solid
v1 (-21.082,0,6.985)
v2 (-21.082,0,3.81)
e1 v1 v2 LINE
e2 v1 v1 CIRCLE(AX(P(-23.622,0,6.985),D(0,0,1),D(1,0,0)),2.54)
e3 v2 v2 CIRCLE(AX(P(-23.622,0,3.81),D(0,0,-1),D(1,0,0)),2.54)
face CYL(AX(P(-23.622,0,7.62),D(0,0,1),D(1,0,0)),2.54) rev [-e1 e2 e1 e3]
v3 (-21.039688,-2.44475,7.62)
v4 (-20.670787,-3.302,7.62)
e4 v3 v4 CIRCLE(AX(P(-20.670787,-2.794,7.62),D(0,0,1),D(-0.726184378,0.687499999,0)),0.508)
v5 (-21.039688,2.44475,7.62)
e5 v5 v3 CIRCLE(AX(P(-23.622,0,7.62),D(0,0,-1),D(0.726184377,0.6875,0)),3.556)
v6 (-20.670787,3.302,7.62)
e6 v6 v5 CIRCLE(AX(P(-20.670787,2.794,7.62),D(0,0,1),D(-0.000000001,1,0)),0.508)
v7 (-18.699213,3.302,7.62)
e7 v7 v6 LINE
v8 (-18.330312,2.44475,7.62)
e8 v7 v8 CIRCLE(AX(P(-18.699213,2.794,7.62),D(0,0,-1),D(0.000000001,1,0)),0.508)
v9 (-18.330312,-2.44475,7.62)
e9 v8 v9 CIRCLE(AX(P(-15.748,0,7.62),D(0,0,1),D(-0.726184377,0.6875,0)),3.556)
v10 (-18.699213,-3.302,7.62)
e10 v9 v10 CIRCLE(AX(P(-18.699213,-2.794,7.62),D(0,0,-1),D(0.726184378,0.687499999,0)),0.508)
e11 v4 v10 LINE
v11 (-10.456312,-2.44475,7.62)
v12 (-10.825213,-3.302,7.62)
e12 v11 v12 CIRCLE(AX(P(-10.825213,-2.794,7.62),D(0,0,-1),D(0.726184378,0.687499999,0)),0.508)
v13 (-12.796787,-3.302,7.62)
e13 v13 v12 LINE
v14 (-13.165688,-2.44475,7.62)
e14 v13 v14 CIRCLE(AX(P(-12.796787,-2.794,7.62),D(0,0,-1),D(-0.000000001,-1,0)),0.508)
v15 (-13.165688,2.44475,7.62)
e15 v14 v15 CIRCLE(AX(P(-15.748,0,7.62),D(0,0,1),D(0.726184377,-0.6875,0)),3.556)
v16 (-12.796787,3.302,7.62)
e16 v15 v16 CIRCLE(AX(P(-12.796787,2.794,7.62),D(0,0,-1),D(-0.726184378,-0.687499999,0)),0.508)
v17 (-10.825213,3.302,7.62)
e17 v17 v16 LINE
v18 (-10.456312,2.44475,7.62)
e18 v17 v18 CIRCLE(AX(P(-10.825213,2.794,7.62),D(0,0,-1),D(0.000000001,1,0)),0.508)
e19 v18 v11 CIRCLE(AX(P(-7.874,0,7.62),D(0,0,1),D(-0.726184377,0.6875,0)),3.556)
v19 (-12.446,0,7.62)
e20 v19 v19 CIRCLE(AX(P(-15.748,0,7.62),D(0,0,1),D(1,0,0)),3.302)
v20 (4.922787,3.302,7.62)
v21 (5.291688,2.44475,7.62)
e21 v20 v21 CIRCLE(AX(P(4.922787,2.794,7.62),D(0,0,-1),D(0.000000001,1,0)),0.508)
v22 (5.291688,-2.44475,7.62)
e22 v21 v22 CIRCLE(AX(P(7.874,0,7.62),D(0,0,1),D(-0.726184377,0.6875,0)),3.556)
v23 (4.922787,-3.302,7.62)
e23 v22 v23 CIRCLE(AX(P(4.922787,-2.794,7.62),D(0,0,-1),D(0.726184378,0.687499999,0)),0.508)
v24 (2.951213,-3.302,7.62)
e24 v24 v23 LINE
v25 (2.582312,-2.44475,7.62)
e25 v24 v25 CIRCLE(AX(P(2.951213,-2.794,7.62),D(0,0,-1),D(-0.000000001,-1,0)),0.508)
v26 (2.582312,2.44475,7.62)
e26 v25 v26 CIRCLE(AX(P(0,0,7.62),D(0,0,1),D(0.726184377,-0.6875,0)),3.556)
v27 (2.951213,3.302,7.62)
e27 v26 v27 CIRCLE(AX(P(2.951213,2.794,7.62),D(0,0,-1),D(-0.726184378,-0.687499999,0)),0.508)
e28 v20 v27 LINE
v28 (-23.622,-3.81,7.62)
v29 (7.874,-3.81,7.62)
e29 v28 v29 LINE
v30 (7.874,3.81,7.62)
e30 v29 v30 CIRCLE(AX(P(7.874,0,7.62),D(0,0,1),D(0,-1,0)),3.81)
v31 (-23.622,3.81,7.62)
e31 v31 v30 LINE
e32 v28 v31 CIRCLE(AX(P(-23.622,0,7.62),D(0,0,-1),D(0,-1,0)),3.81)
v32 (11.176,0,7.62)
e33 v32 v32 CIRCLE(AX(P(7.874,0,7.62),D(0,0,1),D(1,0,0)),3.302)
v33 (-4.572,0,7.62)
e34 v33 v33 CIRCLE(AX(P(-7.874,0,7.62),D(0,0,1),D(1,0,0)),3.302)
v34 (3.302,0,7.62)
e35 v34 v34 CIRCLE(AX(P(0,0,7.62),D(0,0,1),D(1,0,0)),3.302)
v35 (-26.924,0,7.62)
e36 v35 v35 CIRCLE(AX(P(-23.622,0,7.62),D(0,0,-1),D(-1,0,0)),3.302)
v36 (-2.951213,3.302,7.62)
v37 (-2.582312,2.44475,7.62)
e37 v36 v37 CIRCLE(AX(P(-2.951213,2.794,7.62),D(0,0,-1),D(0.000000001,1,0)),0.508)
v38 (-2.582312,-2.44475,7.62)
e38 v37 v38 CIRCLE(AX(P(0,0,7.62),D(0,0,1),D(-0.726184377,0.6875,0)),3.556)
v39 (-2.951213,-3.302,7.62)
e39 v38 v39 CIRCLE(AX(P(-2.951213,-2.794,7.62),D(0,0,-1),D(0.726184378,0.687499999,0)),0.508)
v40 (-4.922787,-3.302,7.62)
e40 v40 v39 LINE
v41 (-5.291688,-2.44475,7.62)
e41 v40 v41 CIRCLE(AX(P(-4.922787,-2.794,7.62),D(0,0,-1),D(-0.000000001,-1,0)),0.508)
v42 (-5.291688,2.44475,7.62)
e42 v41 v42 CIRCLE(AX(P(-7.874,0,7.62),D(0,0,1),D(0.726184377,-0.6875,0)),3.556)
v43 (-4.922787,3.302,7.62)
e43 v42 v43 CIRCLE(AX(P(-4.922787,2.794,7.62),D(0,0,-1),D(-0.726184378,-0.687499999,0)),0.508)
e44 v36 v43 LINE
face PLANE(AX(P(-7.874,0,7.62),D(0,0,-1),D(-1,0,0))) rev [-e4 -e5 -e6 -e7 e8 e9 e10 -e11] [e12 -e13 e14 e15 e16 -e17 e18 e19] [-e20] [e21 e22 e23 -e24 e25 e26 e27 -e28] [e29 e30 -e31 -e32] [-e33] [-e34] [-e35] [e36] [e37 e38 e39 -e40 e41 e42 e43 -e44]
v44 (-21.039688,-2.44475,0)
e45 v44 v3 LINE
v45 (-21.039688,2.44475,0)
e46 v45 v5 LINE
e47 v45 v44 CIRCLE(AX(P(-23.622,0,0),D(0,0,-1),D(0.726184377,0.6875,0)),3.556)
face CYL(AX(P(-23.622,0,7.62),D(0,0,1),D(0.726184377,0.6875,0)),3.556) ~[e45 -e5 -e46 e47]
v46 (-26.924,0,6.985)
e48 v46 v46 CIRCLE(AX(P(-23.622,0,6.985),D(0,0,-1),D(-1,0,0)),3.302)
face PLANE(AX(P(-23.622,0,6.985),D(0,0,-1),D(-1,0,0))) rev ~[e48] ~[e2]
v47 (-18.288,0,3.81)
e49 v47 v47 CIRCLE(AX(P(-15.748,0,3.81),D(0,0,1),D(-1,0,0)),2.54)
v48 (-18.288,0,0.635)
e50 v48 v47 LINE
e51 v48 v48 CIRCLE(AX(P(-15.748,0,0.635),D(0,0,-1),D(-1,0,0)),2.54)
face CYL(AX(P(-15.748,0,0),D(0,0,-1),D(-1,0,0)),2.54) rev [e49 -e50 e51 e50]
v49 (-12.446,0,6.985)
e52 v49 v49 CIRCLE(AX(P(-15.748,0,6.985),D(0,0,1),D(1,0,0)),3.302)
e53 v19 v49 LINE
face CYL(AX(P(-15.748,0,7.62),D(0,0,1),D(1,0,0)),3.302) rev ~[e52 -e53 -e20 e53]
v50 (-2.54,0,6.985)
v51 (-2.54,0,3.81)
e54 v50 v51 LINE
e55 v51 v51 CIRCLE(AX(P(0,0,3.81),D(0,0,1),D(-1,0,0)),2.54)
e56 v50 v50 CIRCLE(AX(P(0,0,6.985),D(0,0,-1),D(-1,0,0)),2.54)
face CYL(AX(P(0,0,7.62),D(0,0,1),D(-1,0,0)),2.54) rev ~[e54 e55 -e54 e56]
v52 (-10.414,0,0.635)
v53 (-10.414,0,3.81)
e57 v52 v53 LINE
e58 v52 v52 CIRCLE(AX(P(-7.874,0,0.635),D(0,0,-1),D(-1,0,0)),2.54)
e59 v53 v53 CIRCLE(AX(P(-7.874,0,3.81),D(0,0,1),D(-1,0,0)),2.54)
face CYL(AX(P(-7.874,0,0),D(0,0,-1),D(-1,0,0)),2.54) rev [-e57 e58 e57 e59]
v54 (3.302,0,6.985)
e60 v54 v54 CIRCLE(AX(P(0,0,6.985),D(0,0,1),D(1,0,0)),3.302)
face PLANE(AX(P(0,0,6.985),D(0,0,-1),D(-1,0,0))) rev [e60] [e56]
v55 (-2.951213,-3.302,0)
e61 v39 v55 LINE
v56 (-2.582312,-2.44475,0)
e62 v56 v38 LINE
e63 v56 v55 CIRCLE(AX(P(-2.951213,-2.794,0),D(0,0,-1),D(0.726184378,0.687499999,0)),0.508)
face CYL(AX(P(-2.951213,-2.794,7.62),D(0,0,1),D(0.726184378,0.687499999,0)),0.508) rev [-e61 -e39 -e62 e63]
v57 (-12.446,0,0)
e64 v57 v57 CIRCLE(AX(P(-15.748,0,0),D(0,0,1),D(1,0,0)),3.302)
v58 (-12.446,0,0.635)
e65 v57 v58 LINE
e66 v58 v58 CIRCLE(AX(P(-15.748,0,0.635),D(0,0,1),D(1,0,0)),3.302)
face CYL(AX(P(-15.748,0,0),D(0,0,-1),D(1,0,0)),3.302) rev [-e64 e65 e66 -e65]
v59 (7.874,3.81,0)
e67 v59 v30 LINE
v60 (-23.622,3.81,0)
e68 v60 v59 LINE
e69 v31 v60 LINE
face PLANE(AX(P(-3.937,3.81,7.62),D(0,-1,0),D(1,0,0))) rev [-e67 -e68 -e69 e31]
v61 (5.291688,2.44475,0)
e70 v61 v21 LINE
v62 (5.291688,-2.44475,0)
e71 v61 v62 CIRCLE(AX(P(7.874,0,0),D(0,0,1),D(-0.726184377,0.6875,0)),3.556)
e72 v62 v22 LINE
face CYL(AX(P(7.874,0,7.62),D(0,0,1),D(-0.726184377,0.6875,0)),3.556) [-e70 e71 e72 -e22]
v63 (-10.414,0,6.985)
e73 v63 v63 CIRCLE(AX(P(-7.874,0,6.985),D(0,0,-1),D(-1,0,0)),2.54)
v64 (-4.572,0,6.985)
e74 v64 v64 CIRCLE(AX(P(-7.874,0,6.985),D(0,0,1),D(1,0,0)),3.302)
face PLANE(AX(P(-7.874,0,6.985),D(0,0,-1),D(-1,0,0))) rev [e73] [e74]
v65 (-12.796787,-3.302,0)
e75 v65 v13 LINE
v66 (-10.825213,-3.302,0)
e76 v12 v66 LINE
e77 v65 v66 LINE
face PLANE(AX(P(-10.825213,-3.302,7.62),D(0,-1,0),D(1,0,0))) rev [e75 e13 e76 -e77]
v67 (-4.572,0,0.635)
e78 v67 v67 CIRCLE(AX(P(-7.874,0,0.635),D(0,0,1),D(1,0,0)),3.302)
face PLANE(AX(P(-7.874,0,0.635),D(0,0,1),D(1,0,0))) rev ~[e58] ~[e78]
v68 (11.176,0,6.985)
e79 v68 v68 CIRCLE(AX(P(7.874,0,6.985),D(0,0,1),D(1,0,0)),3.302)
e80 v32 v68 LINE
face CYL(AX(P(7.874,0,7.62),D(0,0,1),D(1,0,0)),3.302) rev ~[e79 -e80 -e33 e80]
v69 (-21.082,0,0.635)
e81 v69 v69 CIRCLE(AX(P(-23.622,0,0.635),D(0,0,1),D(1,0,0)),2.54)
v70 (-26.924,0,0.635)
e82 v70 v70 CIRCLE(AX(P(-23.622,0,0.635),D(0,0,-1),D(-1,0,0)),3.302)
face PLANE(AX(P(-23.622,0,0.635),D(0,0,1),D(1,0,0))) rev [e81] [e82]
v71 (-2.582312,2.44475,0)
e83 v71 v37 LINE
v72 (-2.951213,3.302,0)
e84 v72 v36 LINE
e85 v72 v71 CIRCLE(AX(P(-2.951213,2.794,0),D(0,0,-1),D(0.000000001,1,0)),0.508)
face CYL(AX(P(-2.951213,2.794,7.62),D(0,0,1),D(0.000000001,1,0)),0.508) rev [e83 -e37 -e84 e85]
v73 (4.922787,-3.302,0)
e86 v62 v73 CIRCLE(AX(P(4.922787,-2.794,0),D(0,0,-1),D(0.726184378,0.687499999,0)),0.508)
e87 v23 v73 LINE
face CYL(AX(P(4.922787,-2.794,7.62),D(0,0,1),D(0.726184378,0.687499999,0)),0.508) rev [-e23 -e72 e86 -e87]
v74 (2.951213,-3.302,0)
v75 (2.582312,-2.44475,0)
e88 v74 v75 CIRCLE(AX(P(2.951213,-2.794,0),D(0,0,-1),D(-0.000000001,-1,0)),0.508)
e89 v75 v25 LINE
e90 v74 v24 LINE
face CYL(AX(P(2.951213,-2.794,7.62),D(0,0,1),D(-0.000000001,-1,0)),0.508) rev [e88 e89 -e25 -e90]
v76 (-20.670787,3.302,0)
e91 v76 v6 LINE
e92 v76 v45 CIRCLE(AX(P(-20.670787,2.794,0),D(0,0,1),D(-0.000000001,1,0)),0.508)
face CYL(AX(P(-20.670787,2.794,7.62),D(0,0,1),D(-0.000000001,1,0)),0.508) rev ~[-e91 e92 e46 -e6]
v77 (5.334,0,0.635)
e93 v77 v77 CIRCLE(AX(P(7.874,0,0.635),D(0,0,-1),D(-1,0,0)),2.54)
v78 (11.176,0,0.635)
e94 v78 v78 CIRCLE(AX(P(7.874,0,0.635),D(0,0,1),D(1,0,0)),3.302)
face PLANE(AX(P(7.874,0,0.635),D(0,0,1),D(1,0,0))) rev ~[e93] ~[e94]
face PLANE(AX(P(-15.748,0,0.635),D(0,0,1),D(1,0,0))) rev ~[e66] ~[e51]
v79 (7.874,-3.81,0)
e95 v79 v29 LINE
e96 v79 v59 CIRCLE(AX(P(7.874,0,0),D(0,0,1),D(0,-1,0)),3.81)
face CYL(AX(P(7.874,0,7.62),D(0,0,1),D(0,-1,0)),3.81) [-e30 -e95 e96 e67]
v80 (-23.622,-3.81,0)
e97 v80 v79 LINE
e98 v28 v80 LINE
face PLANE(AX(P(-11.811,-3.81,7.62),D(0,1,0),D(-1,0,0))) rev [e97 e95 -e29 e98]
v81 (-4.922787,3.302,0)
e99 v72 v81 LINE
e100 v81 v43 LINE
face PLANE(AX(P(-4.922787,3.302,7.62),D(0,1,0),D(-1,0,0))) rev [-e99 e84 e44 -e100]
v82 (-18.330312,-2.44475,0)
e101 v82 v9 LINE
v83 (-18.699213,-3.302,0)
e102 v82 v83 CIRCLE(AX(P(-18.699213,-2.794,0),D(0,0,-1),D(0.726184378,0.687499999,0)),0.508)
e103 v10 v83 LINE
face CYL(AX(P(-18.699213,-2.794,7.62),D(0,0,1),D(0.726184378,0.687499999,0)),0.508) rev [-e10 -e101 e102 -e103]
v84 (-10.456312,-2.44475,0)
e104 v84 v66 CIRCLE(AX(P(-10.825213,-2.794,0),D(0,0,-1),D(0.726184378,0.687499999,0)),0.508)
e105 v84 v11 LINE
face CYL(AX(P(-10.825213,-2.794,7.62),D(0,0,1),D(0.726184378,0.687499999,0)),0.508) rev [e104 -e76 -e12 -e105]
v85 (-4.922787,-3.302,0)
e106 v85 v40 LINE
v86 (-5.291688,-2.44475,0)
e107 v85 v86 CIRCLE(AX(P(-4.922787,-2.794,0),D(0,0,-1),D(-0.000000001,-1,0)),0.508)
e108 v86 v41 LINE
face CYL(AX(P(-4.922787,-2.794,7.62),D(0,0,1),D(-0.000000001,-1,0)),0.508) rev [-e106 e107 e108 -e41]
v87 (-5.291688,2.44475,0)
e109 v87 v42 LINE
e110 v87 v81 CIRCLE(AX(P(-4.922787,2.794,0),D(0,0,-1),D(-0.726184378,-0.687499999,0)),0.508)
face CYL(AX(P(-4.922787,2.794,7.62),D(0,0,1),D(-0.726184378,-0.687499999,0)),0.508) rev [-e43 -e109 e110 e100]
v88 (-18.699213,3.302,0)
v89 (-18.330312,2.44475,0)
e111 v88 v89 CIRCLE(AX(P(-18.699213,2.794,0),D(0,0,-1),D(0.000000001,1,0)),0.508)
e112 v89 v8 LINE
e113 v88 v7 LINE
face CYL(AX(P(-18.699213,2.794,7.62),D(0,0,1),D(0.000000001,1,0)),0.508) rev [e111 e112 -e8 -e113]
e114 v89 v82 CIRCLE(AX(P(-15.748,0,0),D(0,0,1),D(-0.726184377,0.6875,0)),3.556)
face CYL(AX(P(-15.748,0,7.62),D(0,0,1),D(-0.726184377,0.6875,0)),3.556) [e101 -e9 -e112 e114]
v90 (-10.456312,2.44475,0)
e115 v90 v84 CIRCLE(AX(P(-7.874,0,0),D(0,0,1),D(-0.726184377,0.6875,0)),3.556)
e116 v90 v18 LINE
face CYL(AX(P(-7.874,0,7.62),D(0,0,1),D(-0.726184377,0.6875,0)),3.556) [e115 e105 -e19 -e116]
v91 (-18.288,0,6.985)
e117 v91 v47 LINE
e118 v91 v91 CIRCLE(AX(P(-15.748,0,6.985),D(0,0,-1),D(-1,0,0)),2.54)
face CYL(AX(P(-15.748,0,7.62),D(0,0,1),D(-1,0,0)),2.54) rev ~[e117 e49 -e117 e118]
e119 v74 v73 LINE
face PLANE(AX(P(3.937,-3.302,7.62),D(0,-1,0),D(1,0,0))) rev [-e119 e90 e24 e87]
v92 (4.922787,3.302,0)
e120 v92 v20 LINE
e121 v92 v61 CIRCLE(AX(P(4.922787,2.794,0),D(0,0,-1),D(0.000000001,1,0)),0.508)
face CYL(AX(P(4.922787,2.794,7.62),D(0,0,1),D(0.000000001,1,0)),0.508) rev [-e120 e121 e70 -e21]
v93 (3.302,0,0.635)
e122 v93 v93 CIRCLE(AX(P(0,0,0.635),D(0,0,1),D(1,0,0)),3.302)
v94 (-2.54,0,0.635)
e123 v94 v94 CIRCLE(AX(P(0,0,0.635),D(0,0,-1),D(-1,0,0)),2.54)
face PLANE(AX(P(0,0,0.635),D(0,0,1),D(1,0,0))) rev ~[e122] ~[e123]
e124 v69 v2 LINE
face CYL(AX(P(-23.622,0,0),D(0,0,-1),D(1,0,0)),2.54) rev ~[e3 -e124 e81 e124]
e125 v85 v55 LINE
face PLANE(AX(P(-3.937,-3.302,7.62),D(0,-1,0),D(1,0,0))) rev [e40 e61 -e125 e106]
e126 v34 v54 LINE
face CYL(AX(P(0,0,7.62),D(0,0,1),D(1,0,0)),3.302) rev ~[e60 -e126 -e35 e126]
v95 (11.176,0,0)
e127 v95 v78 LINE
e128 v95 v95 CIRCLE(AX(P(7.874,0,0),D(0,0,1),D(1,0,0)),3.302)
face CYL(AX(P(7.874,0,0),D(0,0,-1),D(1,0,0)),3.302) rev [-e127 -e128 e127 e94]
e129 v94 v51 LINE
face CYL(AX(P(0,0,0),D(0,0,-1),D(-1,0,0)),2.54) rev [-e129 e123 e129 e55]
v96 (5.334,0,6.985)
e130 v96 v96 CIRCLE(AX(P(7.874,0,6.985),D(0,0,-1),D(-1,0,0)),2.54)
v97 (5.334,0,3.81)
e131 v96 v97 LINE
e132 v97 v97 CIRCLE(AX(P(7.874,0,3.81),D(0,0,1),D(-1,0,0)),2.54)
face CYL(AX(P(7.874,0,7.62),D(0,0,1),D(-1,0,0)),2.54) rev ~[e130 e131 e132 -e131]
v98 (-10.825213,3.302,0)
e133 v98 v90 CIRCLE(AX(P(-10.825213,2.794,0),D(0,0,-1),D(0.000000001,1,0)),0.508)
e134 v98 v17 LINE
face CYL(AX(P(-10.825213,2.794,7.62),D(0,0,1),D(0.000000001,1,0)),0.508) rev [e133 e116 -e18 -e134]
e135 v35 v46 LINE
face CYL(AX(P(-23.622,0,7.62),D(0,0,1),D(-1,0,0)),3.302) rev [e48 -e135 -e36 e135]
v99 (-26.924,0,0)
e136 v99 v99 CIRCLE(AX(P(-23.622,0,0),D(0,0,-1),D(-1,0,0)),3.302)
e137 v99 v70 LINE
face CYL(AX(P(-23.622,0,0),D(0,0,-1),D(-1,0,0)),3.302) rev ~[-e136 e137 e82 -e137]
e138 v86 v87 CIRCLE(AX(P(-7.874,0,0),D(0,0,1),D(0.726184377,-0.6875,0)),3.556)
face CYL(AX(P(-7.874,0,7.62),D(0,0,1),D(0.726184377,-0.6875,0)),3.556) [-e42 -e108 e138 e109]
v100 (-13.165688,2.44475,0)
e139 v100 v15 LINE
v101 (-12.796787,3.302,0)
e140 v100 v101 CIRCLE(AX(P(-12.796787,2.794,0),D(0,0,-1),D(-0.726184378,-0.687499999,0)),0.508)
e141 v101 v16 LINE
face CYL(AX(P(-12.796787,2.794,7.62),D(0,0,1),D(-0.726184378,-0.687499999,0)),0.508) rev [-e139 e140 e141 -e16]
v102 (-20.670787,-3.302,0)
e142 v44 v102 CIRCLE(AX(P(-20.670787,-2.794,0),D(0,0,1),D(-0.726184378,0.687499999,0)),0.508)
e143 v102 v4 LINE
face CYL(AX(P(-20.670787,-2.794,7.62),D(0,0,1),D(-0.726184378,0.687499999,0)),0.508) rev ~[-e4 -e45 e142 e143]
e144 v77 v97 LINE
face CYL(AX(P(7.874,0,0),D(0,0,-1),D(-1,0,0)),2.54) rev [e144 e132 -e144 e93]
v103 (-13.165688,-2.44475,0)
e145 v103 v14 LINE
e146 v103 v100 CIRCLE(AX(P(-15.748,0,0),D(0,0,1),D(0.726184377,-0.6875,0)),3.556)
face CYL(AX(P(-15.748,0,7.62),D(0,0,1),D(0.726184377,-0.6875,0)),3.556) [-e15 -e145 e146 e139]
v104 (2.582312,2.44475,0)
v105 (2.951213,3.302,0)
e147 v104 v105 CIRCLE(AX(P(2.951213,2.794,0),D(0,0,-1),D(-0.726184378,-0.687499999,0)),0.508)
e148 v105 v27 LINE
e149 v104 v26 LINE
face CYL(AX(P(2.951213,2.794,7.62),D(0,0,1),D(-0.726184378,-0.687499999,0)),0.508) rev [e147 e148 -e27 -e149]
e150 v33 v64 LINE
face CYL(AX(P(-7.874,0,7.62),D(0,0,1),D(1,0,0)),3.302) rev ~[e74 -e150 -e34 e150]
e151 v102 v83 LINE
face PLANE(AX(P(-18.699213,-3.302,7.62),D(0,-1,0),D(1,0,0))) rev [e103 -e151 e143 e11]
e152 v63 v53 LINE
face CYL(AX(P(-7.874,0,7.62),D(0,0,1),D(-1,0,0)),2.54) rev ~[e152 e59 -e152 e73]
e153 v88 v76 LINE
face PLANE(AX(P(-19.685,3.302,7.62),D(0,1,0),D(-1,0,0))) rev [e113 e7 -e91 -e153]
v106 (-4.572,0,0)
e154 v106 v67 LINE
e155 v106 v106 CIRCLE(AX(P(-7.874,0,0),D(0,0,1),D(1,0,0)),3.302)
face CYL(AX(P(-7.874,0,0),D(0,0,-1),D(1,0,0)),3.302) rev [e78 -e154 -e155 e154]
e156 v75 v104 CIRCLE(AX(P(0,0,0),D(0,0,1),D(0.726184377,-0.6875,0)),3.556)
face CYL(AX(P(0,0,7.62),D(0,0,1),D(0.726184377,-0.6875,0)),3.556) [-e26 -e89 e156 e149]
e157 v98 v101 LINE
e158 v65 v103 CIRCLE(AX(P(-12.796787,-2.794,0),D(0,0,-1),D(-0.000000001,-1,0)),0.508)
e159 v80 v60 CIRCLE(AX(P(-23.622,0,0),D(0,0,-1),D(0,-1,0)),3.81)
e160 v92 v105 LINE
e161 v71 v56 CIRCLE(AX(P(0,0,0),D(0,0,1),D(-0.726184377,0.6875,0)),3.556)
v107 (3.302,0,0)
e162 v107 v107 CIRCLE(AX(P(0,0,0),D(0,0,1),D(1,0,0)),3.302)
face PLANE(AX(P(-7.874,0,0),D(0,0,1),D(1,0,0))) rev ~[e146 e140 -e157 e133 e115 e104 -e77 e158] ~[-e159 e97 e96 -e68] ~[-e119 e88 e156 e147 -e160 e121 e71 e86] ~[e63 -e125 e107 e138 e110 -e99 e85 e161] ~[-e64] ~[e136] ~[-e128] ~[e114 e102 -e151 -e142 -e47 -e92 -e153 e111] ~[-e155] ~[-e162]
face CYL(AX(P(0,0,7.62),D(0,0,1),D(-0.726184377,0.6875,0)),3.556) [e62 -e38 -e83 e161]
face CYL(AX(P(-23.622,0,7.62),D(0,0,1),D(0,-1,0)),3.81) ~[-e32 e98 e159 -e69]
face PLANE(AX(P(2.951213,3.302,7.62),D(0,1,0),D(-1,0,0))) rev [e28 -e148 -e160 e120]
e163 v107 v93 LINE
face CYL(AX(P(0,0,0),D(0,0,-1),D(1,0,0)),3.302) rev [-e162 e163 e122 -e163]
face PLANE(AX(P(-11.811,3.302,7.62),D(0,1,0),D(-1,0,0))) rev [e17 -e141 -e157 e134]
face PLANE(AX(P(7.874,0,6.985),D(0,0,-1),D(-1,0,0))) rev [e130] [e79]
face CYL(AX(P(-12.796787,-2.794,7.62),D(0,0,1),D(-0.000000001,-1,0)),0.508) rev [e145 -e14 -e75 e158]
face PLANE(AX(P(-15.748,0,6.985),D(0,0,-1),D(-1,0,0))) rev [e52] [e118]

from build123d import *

# Parameters (mm, degrees)
SKETCH1_R           = 2.54
BOSS_EXTRUDE1_DEPTH = 3.81
SKETCH1_7_R         = 2.54
BOSS_EXTRUDE2_DEPTH = 3.81
SKETCH2_R           = 3.302
CUT_EXTRUDE1_DEPTH  = 0.635
LPATTERN1_COUNT     = 3
LPATTERN1_PITCH     = 7.874


with BuildPart() as part:
    # Sketch1 → Boss-Extrude1 (new body)
    with BuildSketch(Plane.XY):
        with BuildLine():
            Line((3.937, -3.81), (7.874, -3.81))
            ThreePointArc((7.874, -3.81), (11.684, 0), (7.874, 3.81))
            Line((7.874, 3.81), (3.937, 3.81))
            Line((3.937, 3.81), (3.937, 3.302))
            Line((3.937, 3.302), (4.92278669, 3.302))
            ThreePointArc((4.92278669, 3.302), (5.389414486, 2.994804631), (5.291688354, 2.44475))
            ThreePointArc((5.291688354, 2.44475), (4.318, 0), (5.291688354, -2.44475))
            ThreePointArc((5.291688354, -2.44475), (5.389414486, -2.994804631), (4.92278669, -3.302))
            Line((4.92278669, -3.302), (3.937, -3.302))
            Line((3.937, -3.302), (3.937, -3.81))
        make_face()
        with Locations((7.874, 0)):
            Circle(SKETCH1_R, mode=Mode.SUBTRACT)
    extrude(amount=BOSS_EXTRUDE1_DEPTH)


with BuildPart() as body_2:
    # Sketch1<7> → Boss-Extrude2 (new body)
    with BuildSketch(Plane.XY):
        with BuildLine():
            Line((3.937, -3.81), (3.937, -3.302))
            Line((3.937, -3.302), (2.95121331, -3.302))
            ThreePointArc((2.95121331, -3.302), (2.484585514, -2.994804631), (2.582311646, -2.44475))
            ThreePointArc((2.582311646, -2.44475), (3.556, 0), (2.582311646, 2.44475))
            ThreePointArc((2.582311646, 2.44475), (2.484585514, 2.994804631), (2.95121331, 3.302))
            Line((2.95121331, 3.302), (3.937, 3.302))
            Line((3.937, 3.302), (3.937, 3.81))
            Line((3.937, 3.81), (-3.937, 3.81))
            Line((-3.937, 3.81), (-3.937, 3.302))
            Line((-3.937, 3.302), (-2.95121331, 3.302))
            ThreePointArc((-2.95121331, 3.302), (-2.484585514, 2.994804631), (-2.582311646, 2.44475))
            ThreePointArc((-2.582311646, 2.44475), (-3.556, 0), (-2.582311646, -2.44475))
            ThreePointArc((-2.582311646, -2.44475), (-2.484585514, -2.994804631), (-2.95121331, -3.302))
            Line((-2.95121331, -3.302), (-3.937, -3.302))
            Line((-3.937, -3.302), (-3.937, -3.81))
            Line((-3.937, -3.81), (3.937, -3.81))
        make_face()
        Circle(SKETCH1_7_R, mode=Mode.SUBTRACT)
    boss_extrude2 = extrude(amount=BOSS_EXTRUDE2_DEPTH)


with BuildPart() as cut_extrude1_tool:
    # Sketch2 → Cut-Extrude1 (new body)
    with BuildSketch(Plane.XY):
        with Locations((7.874, 0)):
            Circle(SKETCH2_R)
        Circle(SKETCH2_R)
    cut_extrude1 = extrude(amount=CUT_EXTRUDE1_DEPTH)


with BuildPart() as part_1:
    add(part.part)

    # Cut-Extrude1: cut by cut_extrude1_tool
    add(cut_extrude1_tool.part, mode=Mode.SUBTRACT)


with BuildPart() as body_2_1:
    add(body_2.part)

    # Cut-Extrude1: cut by cut_extrude1_tool
    add(cut_extrude1_tool.part, mode=Mode.SUBTRACT)

    # LPattern1: Boss-Extrude2, Cut-Extrude1 ×3
    with Locations(*[(-i * LPATTERN1_PITCH, 0, 0) for i in range(1, LPATTERN1_COUNT)]):
        add(boss_extrude2)
        add(cut_extrude1, mode=Mode.SUBTRACT)


with BuildPart() as body_3:
    # Mirror2: mirrored copy
    add(part_1.part.mirror(Plane(origin=(-7.874, 0, 0), x_dir=(0, 0, 1), z_dir=(1, 0, 0))))


with BuildPart() as part_2:
    add(part_1.part)

    # Combine1: union body 3, body 2
    add(body_3.part)
    add(body_2_1.part)

    # Mirror3: part across plane


with BuildPart() as part_3:
    add(part_2.part)
    add(part_2.part.mirror(Plane.XY.offset(3.81)))


solid = part_3.part
